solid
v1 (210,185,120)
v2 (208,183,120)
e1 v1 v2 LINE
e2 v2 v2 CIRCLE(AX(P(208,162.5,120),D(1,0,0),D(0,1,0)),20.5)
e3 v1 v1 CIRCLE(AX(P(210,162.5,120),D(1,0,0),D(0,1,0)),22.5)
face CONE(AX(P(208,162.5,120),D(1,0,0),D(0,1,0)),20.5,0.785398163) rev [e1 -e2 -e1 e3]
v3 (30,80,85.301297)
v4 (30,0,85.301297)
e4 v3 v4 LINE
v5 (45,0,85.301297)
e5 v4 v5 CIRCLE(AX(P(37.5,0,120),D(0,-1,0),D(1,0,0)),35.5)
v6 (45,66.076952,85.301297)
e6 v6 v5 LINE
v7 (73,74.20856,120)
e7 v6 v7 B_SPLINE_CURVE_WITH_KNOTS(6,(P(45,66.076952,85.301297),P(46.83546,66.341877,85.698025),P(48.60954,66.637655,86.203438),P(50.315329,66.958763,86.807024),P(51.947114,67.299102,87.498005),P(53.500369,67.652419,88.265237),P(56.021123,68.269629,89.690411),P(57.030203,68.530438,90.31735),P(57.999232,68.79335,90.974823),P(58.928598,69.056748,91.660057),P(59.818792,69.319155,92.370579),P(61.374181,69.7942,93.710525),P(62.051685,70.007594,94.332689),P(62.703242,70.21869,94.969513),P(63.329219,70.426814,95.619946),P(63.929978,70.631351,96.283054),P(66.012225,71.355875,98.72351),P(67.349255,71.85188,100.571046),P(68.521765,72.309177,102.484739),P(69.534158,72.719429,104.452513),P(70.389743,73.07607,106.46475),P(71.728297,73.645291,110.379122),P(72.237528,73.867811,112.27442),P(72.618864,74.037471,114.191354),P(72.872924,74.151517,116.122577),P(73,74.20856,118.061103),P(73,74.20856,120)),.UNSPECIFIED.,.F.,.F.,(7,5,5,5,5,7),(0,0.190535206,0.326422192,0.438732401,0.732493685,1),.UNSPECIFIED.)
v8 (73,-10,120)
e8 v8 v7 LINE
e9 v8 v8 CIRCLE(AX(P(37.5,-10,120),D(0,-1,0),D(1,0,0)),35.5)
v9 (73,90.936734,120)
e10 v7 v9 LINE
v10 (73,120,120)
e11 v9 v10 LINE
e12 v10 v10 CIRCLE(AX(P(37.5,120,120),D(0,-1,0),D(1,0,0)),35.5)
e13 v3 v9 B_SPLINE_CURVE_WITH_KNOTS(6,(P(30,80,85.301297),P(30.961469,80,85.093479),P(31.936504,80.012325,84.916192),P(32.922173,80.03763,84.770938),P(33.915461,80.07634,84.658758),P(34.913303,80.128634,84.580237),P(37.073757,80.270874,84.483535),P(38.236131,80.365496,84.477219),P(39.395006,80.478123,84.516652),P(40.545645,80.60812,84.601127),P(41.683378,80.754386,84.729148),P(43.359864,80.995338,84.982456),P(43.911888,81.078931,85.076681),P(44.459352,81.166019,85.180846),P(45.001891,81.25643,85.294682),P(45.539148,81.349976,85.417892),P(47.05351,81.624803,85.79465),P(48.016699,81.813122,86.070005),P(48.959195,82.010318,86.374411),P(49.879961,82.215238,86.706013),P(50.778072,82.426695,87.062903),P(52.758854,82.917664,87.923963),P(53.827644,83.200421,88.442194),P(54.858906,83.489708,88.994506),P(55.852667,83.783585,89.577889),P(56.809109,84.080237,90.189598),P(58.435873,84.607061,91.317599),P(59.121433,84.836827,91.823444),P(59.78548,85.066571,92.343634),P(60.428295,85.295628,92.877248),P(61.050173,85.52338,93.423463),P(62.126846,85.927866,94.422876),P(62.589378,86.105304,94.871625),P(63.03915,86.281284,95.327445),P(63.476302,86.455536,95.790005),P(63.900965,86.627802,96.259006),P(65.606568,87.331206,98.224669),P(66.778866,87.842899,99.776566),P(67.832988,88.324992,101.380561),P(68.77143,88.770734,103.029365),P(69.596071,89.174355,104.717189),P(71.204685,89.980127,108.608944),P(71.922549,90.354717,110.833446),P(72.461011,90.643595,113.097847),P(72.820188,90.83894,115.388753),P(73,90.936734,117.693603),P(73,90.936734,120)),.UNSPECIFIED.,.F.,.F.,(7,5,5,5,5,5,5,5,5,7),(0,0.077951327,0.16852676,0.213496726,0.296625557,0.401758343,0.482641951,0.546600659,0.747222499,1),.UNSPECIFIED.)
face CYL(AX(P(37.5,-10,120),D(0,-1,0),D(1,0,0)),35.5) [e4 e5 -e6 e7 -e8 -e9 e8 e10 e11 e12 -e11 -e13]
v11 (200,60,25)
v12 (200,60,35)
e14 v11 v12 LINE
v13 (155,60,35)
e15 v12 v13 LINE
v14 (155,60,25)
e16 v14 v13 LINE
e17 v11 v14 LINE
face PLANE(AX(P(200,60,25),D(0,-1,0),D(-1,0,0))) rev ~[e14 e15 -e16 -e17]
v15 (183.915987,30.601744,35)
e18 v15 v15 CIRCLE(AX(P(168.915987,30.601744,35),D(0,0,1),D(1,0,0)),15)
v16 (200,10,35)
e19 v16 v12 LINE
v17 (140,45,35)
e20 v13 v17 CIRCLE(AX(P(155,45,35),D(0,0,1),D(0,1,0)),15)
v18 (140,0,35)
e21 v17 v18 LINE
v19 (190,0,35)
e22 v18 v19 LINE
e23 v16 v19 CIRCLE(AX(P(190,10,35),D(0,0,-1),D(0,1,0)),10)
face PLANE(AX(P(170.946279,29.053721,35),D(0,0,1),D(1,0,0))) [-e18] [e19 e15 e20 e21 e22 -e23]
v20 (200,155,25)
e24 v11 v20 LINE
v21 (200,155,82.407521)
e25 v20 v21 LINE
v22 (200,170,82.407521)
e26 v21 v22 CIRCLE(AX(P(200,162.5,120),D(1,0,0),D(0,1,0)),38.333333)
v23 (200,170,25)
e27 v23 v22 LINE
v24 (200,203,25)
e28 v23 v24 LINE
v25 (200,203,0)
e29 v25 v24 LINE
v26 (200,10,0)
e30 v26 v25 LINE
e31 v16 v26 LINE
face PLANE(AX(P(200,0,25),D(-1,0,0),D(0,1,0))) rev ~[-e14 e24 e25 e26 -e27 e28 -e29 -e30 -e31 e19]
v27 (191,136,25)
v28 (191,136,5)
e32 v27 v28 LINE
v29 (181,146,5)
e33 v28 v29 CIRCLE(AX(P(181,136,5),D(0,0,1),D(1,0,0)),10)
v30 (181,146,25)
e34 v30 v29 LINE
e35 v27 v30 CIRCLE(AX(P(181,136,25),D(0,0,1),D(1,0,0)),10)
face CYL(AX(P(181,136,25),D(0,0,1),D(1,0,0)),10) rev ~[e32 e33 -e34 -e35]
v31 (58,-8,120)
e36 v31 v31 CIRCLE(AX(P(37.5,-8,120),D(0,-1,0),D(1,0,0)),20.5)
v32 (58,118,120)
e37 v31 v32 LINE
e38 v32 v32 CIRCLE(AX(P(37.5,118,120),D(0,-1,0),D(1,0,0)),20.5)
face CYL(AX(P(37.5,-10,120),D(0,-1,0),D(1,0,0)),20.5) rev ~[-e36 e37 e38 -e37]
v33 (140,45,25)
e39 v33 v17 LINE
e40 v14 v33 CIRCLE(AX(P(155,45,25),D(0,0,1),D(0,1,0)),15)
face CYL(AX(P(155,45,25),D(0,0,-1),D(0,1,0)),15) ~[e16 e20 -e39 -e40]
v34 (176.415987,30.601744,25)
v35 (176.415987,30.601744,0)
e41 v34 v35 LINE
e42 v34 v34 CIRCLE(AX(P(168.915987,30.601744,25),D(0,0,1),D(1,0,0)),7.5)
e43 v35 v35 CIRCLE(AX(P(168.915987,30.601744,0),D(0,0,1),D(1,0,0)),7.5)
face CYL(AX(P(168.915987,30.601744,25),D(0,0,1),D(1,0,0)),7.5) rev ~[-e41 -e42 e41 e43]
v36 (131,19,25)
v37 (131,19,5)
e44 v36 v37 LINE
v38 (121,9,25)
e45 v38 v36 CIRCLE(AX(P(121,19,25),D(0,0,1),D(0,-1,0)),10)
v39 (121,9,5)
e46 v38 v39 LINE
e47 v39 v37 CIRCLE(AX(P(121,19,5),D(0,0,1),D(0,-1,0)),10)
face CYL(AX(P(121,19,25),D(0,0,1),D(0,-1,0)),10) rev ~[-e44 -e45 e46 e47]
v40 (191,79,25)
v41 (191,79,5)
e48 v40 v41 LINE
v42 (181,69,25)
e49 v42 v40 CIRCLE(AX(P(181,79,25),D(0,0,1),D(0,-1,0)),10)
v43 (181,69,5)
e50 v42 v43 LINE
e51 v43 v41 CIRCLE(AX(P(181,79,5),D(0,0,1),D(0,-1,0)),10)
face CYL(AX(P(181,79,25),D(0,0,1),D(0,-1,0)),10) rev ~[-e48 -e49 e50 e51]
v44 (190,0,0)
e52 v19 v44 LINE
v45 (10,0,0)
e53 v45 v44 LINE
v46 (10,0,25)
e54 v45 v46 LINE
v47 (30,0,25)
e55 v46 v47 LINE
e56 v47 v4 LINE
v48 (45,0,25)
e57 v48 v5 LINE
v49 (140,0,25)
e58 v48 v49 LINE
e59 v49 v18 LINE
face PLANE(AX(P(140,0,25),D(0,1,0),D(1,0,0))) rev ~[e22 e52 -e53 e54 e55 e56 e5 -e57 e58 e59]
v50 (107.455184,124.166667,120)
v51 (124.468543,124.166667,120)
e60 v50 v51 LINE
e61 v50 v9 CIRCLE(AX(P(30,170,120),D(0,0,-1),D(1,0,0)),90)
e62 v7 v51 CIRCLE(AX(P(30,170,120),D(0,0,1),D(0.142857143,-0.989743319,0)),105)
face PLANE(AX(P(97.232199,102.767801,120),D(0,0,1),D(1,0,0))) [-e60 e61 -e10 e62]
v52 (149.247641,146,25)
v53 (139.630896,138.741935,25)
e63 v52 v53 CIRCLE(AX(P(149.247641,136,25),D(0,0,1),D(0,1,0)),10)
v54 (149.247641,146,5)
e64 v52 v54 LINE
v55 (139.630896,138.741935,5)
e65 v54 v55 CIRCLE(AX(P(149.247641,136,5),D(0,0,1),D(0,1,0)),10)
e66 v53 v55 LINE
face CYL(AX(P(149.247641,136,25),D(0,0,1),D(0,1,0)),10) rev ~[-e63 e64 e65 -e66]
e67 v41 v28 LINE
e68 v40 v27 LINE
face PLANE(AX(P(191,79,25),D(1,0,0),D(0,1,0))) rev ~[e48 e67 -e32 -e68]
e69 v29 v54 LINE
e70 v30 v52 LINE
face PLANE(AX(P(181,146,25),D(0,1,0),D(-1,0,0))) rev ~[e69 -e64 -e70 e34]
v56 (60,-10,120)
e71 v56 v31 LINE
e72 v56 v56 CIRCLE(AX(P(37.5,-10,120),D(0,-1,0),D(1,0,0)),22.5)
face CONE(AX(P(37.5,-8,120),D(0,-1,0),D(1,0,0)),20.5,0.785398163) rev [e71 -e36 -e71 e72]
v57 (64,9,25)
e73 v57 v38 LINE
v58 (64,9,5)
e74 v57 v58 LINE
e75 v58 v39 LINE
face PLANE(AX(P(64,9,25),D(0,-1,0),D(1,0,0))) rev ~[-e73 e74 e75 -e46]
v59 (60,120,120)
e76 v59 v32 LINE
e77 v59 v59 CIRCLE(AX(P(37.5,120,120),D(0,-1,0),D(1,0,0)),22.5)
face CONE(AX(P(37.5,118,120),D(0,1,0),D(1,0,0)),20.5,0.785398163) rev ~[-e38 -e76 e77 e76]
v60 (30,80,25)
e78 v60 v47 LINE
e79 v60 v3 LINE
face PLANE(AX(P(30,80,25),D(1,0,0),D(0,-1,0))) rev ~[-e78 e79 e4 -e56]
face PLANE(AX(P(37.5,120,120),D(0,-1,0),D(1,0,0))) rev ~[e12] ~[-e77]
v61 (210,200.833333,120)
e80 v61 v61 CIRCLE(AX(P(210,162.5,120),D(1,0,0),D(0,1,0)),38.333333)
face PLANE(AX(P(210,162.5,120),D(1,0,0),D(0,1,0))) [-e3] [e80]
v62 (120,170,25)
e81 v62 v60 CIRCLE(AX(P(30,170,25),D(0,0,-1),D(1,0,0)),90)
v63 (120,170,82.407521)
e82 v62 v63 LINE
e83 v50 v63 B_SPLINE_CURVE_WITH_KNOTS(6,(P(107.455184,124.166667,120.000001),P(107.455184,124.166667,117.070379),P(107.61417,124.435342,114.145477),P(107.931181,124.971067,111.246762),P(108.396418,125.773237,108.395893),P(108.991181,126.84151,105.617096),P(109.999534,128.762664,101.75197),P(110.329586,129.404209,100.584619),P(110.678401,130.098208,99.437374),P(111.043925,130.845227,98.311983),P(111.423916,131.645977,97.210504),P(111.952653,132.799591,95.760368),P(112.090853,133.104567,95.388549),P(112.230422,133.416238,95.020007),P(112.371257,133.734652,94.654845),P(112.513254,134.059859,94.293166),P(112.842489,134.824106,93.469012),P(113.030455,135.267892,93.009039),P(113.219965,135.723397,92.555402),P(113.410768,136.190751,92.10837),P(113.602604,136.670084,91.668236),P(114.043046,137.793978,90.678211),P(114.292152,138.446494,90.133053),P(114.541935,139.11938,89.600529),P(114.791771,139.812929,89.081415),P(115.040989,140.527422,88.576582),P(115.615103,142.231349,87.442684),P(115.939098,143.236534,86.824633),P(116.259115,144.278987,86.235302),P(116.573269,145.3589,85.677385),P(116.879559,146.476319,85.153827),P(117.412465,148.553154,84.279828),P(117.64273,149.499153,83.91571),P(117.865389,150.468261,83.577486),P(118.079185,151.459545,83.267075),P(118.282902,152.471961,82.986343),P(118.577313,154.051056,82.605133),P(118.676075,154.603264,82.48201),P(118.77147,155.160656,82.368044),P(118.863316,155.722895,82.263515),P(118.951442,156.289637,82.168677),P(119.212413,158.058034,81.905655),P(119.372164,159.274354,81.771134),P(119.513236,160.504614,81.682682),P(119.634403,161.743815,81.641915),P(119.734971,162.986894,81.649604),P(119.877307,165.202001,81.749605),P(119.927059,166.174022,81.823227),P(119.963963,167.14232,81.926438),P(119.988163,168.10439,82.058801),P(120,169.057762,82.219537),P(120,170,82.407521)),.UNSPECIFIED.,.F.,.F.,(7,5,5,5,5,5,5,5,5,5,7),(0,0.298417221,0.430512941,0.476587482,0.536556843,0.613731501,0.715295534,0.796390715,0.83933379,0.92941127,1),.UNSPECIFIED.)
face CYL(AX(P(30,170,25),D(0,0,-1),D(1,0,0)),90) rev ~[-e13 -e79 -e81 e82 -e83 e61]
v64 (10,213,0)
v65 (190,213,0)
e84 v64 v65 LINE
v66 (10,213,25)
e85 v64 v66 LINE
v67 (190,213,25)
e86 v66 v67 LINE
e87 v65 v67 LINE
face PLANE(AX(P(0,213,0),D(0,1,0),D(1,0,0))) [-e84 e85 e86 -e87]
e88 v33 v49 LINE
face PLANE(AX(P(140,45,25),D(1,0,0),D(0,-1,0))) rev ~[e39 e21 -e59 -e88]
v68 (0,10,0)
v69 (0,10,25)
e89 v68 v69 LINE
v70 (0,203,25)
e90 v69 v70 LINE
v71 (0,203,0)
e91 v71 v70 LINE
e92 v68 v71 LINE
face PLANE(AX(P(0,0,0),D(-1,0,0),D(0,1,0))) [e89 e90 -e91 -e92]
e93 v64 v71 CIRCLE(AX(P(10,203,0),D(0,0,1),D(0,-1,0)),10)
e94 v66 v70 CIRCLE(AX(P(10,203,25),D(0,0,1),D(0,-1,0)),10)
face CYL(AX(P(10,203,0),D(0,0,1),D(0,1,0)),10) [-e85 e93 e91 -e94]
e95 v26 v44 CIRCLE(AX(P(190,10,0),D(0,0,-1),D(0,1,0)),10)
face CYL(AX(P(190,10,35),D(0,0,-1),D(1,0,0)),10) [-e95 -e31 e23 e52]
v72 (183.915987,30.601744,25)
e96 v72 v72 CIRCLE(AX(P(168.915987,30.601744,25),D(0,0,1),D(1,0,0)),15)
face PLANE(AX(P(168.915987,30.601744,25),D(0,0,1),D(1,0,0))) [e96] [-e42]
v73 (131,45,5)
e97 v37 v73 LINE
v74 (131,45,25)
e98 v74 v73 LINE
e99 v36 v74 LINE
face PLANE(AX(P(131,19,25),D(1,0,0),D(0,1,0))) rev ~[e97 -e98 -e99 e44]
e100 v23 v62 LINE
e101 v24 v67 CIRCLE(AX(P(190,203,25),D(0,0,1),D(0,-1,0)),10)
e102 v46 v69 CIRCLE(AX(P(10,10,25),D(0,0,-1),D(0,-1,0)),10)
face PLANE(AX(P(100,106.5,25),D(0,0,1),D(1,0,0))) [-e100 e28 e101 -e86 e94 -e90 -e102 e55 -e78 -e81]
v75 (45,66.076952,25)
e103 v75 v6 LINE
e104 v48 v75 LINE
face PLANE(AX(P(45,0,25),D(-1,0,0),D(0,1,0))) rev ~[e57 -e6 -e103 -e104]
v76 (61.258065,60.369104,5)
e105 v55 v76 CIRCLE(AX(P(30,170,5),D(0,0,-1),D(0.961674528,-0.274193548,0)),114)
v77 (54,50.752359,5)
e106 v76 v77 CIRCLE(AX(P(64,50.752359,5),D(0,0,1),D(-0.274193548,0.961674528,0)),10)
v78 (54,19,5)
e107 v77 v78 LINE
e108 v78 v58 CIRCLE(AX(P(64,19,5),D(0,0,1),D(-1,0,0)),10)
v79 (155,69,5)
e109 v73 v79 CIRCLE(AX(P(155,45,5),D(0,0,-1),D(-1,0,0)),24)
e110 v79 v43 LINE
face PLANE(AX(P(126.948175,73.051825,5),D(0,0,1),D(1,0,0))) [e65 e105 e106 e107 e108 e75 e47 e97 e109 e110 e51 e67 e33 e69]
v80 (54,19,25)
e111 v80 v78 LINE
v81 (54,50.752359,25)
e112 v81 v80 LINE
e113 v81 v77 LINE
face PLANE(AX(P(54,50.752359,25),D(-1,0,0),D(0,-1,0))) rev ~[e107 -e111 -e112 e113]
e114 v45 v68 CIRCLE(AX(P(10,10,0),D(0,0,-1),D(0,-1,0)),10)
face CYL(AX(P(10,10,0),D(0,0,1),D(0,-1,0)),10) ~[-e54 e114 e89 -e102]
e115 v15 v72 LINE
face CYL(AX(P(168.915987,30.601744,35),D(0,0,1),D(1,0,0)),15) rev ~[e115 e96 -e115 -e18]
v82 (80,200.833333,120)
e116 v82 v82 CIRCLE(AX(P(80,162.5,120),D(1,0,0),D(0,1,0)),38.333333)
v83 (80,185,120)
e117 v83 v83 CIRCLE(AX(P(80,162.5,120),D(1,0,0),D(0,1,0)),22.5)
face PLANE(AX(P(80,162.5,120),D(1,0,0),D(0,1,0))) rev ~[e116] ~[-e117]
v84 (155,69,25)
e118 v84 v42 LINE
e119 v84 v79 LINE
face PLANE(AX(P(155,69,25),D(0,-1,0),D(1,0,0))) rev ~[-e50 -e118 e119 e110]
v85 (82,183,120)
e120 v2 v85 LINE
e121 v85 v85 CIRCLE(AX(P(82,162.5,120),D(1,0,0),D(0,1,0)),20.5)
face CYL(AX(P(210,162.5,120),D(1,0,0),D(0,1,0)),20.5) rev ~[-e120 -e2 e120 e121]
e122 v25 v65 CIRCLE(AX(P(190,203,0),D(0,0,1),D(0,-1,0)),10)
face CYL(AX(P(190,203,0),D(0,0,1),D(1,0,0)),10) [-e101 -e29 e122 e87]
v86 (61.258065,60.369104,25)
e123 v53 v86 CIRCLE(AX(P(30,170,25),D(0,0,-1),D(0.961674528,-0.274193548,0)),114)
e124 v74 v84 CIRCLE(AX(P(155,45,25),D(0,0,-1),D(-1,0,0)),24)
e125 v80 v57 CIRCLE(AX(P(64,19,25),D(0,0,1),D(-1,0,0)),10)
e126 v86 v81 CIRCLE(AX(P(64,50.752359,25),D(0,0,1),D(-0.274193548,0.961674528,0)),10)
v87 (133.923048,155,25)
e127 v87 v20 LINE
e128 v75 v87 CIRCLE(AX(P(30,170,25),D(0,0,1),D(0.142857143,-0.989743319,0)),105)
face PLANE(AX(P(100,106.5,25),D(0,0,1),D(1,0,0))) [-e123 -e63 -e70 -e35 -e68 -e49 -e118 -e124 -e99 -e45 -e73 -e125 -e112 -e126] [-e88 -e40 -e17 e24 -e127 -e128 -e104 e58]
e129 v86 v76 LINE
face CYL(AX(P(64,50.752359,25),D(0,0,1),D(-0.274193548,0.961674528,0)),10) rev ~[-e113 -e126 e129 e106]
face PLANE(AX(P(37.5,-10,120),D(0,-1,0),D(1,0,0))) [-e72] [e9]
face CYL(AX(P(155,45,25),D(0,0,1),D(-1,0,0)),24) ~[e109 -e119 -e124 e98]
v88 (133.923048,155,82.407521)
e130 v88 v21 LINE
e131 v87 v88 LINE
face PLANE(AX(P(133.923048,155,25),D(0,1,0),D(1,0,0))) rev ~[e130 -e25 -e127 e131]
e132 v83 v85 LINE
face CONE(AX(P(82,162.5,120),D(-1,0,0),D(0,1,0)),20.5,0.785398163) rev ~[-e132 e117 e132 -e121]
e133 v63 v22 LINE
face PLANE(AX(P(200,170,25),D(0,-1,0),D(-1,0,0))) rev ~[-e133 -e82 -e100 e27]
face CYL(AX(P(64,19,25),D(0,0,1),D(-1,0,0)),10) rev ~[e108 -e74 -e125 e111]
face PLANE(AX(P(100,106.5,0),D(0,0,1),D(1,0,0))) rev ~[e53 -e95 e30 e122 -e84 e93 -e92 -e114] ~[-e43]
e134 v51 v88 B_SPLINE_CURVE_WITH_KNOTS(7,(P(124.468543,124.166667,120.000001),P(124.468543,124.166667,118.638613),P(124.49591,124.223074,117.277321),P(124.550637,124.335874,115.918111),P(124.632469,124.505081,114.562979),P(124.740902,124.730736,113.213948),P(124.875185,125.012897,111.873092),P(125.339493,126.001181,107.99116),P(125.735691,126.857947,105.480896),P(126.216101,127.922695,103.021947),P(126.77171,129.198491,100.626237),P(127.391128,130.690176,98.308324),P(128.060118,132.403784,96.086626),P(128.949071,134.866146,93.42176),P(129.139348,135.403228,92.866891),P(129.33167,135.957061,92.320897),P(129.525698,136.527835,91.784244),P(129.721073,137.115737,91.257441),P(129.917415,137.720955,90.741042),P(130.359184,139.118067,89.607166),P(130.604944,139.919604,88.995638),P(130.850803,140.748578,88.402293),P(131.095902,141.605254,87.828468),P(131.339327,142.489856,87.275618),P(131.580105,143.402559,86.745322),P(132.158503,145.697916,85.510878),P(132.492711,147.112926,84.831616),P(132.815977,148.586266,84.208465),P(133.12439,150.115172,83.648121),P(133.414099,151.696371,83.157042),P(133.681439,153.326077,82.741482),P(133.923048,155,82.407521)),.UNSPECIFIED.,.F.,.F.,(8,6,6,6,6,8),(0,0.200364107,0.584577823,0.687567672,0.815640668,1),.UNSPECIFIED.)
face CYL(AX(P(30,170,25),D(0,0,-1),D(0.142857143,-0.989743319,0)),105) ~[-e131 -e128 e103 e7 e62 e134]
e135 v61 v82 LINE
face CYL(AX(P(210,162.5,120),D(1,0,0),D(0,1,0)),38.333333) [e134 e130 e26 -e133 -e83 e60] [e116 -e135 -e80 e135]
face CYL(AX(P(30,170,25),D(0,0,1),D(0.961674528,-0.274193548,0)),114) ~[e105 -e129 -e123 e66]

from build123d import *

# Parameters (mm, degrees)
F0_W      = 200
F0_H      = 213
F1_DEPTH  = 25
F3_DEPTH  = 95
F5_DEPTH  = 10
F6_R      = 15
F7_DEPTH  = 10
F8_R      = 7.5
F9_DEPTH  = 25.001
F11_DEPTH = 20
F13_R     = 35.5
F14_DEPTH = 130
F15_R     = 20.5
F16_DEPTH = 223.001
F18_R     = 38.3333333333
F19_DEPTH = 130
F20_R     = 20.5
F21_DEPTH = 210.001
F22_R     = 10
F23_SIZE2 = 2
F23_SIZE  = 2


with BuildPart() as f1:
    # F0 (on Top) → F1 (new body)
    with BuildSketch(Plane.XY):
        with Locations((100, 106.5)):
            Rectangle(F0_W, F0_H)
    extrude(amount=F1_DEPTH)

    # F2 (on face) → F3 (join)
    with BuildSketch(Plane.XY.offset(25)):
        with BuildLine():
            Line((30, 80), (30, 0))
            Line((30, 0), (45, 0))
            Line((45, 0), (45, 66.0769515459))
            ThreePointArc((45, 66.0769515459), (104.2462120246, 95.7537879754), (133.9230484541, 155))
            Line((133.9230484541, 155), (200, 155))
            Line((200, 155), (200, 170))
            Line((200, 170), (120, 170))
            ThreePointArc((120, 170), (93.6396103068, 106.3603896932), (30, 80))
        make_face()
    extrude(amount=F3_DEPTH)

    # F4 (on face) → F5 (join)
    with BuildSketch(Plane.XY.offset(25)):
        with BuildLine():
            Line((200, 60), (155, 60))
            ThreePointArc((155, 60), (144.3933982822, 55.6066017178), (140, 45))
            Line((140, 45), (140, 0))
            Line((140, 0), (200, 0))
            Line((200, 0), (200, 60))
        make_face()
    extrude(amount=F5_DEPTH)

    # F6 (on face) → F7 (cut)
    with BuildSketch(Plane.XY.offset(35)):
        with Locations((168.9159870148, 30.6017436087)):
            Circle(F6_R)
    extrude(amount=-F7_DEPTH, mode=Mode.SUBTRACT)

    # F8 (on face) → F9 (cut, through all)
    with BuildSketch(Plane.XY.offset(25)):
        with Locations((168.9159870148, 30.6017436087)):
            Circle(F8_R)
    extrude(amount=-F9_DEPTH, mode=Mode.SUBTRACT)

    # F10 (on face) → F11 (cut)
    with BuildSketch(Plane.XY.offset(25)):
        with BuildLine():
            Line((181, 146), (149.2476414861, 146))
            ThreePointArc((149.2476414861, 146), (143.2234965193, 143.981834214), (139.630896205, 138.7419354839))
            ThreePointArc((139.630896205, 138.7419354839), (110.6101730553, 89.3898269447), (61.2580645161, 60.369103795))
            ThreePointArc((61.2580645161, 60.369103795), (56.018165786, 56.7765034807), (54, 50.7523585139))
            Line((54, 50.7523585139), (54, 19))
            ThreePointArc((54, 19), (56.9289321881, 11.9289321881), (64, 9))
            Line((64, 9), (121, 9))
            ThreePointArc((121, 9), (128.0710678119, 11.9289321881), (131, 19))
            Line((131, 19), (131, 45))
            ThreePointArc((131, 45), (138.0294372515, 61.9705627485), (155, 69))
            Line((155, 69), (181, 69))
            ThreePointArc((181, 69), (188.0710678119, 71.9289321881), (191, 79))
            Line((191, 79), (191, 136))
            ThreePointArc((191, 136), (188.0710678119, 143.0710678119), (181, 146))
        make_face()
    extrude(amount=-F11_DEPTH, mode=Mode.SUBTRACT)

    # F13 (on offset) → F14 (join)
    with BuildSketch(Plane.XZ.offset(10)):
        with Locations((37.5, 120)):
            Circle(F13_R)
    extrude(amount=-F14_DEPTH)

    # F15 (on face) → F16 (cut, through all)
    with BuildSketch(Plane.XZ.offset(10)):
        with Locations((37.5, 120)):
            Circle(F15_R)
    extrude(amount=-F16_DEPTH, mode=Mode.SUBTRACT)

    # F18 (on offset) → F19 (join)
    with BuildSketch(Plane.YZ.offset(210)):
        with Locations((162.5, 120)):
            Circle(F18_R)
    extrude(amount=-F19_DEPTH)

    # F20 (on face) → F21 (cut, through all)
    with BuildSketch(Plane.YZ.offset(210)):
        with Locations((162.5, 120)):
            Circle(F20_R)
    extrude(amount=-F21_DEPTH, mode=Mode.SUBTRACT)

    # F22
    f22_edges = [f1.edges().sort_by_distance(p)[0] for p in [
        (0, 0, 12.5),
        (200, 0, 17.5),
        (200, 213, 12.5),
        (0, 213, 12.5),
    ]]
    fillet(f22_edges, radius=F22_R)

    # F23
    f23_edges = [f1.edges().sort_by_distance(p)[0] for p in [
        (17, -10, 120),
        (210, 142, 120),
        (17, 120, 120),
        (80, 142, 120),
    ]]
    chamfer(f23_edges, length=F23_SIZE, length2=F23_SIZE2)


solid = f1.part
